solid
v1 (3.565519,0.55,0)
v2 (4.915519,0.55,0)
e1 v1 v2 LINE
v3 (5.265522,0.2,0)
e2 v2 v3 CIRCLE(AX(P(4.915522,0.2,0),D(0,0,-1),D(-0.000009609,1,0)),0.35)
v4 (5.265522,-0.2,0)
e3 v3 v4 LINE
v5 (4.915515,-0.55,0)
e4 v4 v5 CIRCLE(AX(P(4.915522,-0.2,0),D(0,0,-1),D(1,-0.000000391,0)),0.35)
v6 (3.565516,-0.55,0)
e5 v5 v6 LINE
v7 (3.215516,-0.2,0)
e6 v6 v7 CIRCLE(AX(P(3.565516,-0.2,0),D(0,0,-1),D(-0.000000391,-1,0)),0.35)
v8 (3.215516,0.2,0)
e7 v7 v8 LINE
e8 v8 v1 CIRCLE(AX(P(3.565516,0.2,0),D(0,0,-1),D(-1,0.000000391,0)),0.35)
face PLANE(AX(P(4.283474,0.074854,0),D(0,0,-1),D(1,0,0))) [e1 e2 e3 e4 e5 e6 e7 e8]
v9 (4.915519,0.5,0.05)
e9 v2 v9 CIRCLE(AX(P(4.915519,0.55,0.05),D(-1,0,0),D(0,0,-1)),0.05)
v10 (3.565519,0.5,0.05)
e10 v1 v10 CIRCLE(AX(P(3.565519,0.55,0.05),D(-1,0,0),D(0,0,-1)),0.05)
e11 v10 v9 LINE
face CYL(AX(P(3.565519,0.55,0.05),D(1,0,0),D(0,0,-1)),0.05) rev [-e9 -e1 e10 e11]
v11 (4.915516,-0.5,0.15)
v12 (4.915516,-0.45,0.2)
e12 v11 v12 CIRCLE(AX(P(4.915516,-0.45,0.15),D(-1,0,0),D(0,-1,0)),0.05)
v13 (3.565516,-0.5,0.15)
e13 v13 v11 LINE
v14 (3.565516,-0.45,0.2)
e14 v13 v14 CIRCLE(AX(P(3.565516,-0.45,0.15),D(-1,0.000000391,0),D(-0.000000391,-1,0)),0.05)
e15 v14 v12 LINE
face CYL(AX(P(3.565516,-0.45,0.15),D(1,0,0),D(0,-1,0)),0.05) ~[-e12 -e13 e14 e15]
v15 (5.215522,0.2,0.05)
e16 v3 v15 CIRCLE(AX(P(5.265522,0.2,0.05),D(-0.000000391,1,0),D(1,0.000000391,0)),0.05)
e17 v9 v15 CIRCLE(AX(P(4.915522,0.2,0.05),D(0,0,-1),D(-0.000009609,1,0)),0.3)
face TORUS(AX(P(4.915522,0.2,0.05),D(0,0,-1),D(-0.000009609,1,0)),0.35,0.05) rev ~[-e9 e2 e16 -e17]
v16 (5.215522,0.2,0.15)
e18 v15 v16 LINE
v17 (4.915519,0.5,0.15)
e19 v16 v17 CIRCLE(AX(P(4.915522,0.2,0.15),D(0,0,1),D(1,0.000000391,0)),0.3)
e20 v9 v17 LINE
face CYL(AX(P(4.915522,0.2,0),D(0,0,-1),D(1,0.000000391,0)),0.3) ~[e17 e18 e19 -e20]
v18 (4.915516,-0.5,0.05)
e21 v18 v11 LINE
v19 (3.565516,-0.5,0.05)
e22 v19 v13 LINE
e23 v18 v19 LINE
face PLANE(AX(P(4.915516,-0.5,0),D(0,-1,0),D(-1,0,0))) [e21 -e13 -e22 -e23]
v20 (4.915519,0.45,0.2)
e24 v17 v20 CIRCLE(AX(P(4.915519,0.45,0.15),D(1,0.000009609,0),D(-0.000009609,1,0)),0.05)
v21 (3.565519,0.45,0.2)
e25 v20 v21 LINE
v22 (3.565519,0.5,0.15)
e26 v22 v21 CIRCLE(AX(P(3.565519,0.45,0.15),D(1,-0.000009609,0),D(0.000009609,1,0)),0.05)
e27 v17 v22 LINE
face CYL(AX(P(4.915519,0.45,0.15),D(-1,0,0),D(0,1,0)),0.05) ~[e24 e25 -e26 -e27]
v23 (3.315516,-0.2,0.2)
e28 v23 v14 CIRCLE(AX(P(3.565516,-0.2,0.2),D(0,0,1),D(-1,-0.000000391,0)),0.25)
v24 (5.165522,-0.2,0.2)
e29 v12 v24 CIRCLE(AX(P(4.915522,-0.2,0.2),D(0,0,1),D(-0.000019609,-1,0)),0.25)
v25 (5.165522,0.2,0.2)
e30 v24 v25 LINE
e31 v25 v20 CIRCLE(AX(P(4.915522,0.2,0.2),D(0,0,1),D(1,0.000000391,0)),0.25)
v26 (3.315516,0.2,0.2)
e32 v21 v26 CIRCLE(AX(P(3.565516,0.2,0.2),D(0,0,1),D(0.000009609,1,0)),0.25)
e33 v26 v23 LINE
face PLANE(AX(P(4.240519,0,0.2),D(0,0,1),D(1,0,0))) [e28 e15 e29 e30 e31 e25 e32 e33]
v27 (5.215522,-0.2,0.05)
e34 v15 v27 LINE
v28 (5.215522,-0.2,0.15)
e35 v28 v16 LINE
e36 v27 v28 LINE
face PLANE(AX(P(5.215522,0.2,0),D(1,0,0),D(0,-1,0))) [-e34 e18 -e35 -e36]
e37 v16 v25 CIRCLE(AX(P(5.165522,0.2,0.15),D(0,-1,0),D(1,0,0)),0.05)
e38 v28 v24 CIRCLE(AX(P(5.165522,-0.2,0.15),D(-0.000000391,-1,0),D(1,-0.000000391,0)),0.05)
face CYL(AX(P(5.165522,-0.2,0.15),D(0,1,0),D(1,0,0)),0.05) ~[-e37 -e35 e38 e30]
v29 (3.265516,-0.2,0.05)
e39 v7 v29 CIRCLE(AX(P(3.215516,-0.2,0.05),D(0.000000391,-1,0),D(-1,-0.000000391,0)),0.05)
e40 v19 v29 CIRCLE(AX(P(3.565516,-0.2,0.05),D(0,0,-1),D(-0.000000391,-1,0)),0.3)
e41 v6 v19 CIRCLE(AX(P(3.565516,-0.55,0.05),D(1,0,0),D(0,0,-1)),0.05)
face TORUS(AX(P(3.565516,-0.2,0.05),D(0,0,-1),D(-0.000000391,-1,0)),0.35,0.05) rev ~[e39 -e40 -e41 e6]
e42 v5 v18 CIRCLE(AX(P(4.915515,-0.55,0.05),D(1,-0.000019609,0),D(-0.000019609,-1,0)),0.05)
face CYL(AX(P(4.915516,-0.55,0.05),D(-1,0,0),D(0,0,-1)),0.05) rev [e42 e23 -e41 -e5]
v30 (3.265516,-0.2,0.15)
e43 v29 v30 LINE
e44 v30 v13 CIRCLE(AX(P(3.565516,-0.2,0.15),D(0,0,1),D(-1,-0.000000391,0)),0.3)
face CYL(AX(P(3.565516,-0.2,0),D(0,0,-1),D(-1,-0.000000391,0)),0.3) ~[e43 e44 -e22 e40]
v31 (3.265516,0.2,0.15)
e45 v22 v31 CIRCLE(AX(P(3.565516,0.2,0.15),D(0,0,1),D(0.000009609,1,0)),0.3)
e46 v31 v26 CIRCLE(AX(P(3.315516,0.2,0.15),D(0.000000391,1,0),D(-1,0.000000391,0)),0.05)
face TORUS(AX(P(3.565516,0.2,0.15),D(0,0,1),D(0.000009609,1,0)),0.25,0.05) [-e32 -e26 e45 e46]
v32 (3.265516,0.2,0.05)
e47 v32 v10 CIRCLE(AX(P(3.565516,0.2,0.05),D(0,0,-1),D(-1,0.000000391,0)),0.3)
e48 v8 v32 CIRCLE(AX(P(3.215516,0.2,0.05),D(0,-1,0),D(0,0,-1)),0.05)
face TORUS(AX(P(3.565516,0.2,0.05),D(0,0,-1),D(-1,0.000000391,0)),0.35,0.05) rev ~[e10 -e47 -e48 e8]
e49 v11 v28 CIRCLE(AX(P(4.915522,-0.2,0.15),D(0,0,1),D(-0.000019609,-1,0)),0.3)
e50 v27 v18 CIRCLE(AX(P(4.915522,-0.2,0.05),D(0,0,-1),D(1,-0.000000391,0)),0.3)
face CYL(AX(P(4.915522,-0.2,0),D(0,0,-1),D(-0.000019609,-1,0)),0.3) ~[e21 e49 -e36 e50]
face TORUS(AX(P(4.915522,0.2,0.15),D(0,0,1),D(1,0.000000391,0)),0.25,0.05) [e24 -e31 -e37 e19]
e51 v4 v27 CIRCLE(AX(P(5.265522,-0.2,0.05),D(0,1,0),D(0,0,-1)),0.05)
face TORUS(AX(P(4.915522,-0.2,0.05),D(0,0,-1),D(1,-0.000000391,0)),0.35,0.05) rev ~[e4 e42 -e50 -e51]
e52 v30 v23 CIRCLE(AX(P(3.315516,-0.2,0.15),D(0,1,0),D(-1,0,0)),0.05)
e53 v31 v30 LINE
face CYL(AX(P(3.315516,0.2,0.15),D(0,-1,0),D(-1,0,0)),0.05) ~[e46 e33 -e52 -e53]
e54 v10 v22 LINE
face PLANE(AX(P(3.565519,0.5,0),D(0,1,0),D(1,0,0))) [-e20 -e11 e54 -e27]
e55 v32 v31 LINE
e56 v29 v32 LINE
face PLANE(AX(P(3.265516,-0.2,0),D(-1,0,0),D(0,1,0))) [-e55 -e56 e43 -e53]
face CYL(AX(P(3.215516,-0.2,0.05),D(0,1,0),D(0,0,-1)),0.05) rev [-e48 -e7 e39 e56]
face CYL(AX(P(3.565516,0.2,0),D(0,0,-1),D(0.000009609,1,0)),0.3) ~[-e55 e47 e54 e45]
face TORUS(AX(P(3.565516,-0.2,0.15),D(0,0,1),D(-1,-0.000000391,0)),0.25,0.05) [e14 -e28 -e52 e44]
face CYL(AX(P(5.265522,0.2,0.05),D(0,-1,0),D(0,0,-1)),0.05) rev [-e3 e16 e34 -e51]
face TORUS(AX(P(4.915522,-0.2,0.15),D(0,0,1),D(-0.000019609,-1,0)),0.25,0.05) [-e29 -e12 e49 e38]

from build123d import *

# Parameters (mm, degrees)
PAD_DEPTH    = 0.2
FILLET_R     = 0.05
SKETCH001_W  = 2.303536
SKETCH001_H  = 1.406875
PAD001_DEPTH = 0.01
FILLET001_R  = 0.05
SKETCH002_W  = 2.303536
SKETCH002_H  = 1.406875
POCKET_DEPTH = 0.01


with BuildPart() as part:
    # Sketch → Pad (new body)
    with BuildSketch(Plane.XY):
        with BuildLine():
            ThreePointArc((3.565519, 0.5), (3.353385, 0.412133), (3.265516, 0.2))
            Line((3.265516, -0.2), (3.265516, 0.2))
            ThreePointArc((3.265516, -0.2), (3.353384, -0.412132), (3.565516, -0.5))
            Line((4.915516, -0.5), (3.565516, -0.5))
            ThreePointArc((4.915516, -0.5), (5.127652, -0.412134), (5.215522, -0.2))
            Line((5.215522, 0.2), (5.215522, -0.2))
            ThreePointArc((5.215522, 0.2), (5.127653, 0.412133), (4.915519, 0.5))
            Line((3.565519, 0.5), (4.915519, 0.5))
        make_face()
    extrude(amount=PAD_DEPTH)

    # Fillet
    fillet_edges = [part.edges().sort_by_distance(p)[0] for p in [
        (3.353385, 0.412133, 0.2),
        (3.265516, 0, 0.2),
        (3.353384, -0.412132, 0.2),
        (4.240516, -0.5, 0.2),
        (5.127652, -0.412134, 0.2),
        (5.215522, 0, 0.2),
        (5.127653, 0.412133, 0.2),
        (4.240519, 0.5, 0.2),
    ]]
    fillet(fillet_edges, radius=FILLET_R)

    # Sketch001 (on Face4 of Fillet) → Pad001 (join)
    with BuildSketch(Plane(origin=(0, 0, 0), x_dir=(1, 0, 0), z_dir=(0, 0, -1))):
        with Locations((4.283474, -0.074854)):
            Rectangle(SKETCH001_W, SKETCH001_H)
    extrude(amount=PAD001_DEPTH)

    # Fillet001
    fillet001_edges = [part.edges().sort_by_distance(p)[0] for p in [
        (4.240519, 0.5, 0),
    ]]
    fillet(fillet001_edges, radius=FILLET001_R)

    # Sketch002 (on Face31 of Fillet001) → Pocket (cut)
    with BuildSketch(Plane(origin=(0, 0, -0.01), x_dir=(1, 0, 0), z_dir=(0, 0, -1))):
        with Locations((4.283474, -0.074854)):
            Rectangle(SKETCH002_W, SKETCH002_H)
    extrude(amount=-POCKET_DEPTH, mode=Mode.SUBTRACT)


solid = part.part
